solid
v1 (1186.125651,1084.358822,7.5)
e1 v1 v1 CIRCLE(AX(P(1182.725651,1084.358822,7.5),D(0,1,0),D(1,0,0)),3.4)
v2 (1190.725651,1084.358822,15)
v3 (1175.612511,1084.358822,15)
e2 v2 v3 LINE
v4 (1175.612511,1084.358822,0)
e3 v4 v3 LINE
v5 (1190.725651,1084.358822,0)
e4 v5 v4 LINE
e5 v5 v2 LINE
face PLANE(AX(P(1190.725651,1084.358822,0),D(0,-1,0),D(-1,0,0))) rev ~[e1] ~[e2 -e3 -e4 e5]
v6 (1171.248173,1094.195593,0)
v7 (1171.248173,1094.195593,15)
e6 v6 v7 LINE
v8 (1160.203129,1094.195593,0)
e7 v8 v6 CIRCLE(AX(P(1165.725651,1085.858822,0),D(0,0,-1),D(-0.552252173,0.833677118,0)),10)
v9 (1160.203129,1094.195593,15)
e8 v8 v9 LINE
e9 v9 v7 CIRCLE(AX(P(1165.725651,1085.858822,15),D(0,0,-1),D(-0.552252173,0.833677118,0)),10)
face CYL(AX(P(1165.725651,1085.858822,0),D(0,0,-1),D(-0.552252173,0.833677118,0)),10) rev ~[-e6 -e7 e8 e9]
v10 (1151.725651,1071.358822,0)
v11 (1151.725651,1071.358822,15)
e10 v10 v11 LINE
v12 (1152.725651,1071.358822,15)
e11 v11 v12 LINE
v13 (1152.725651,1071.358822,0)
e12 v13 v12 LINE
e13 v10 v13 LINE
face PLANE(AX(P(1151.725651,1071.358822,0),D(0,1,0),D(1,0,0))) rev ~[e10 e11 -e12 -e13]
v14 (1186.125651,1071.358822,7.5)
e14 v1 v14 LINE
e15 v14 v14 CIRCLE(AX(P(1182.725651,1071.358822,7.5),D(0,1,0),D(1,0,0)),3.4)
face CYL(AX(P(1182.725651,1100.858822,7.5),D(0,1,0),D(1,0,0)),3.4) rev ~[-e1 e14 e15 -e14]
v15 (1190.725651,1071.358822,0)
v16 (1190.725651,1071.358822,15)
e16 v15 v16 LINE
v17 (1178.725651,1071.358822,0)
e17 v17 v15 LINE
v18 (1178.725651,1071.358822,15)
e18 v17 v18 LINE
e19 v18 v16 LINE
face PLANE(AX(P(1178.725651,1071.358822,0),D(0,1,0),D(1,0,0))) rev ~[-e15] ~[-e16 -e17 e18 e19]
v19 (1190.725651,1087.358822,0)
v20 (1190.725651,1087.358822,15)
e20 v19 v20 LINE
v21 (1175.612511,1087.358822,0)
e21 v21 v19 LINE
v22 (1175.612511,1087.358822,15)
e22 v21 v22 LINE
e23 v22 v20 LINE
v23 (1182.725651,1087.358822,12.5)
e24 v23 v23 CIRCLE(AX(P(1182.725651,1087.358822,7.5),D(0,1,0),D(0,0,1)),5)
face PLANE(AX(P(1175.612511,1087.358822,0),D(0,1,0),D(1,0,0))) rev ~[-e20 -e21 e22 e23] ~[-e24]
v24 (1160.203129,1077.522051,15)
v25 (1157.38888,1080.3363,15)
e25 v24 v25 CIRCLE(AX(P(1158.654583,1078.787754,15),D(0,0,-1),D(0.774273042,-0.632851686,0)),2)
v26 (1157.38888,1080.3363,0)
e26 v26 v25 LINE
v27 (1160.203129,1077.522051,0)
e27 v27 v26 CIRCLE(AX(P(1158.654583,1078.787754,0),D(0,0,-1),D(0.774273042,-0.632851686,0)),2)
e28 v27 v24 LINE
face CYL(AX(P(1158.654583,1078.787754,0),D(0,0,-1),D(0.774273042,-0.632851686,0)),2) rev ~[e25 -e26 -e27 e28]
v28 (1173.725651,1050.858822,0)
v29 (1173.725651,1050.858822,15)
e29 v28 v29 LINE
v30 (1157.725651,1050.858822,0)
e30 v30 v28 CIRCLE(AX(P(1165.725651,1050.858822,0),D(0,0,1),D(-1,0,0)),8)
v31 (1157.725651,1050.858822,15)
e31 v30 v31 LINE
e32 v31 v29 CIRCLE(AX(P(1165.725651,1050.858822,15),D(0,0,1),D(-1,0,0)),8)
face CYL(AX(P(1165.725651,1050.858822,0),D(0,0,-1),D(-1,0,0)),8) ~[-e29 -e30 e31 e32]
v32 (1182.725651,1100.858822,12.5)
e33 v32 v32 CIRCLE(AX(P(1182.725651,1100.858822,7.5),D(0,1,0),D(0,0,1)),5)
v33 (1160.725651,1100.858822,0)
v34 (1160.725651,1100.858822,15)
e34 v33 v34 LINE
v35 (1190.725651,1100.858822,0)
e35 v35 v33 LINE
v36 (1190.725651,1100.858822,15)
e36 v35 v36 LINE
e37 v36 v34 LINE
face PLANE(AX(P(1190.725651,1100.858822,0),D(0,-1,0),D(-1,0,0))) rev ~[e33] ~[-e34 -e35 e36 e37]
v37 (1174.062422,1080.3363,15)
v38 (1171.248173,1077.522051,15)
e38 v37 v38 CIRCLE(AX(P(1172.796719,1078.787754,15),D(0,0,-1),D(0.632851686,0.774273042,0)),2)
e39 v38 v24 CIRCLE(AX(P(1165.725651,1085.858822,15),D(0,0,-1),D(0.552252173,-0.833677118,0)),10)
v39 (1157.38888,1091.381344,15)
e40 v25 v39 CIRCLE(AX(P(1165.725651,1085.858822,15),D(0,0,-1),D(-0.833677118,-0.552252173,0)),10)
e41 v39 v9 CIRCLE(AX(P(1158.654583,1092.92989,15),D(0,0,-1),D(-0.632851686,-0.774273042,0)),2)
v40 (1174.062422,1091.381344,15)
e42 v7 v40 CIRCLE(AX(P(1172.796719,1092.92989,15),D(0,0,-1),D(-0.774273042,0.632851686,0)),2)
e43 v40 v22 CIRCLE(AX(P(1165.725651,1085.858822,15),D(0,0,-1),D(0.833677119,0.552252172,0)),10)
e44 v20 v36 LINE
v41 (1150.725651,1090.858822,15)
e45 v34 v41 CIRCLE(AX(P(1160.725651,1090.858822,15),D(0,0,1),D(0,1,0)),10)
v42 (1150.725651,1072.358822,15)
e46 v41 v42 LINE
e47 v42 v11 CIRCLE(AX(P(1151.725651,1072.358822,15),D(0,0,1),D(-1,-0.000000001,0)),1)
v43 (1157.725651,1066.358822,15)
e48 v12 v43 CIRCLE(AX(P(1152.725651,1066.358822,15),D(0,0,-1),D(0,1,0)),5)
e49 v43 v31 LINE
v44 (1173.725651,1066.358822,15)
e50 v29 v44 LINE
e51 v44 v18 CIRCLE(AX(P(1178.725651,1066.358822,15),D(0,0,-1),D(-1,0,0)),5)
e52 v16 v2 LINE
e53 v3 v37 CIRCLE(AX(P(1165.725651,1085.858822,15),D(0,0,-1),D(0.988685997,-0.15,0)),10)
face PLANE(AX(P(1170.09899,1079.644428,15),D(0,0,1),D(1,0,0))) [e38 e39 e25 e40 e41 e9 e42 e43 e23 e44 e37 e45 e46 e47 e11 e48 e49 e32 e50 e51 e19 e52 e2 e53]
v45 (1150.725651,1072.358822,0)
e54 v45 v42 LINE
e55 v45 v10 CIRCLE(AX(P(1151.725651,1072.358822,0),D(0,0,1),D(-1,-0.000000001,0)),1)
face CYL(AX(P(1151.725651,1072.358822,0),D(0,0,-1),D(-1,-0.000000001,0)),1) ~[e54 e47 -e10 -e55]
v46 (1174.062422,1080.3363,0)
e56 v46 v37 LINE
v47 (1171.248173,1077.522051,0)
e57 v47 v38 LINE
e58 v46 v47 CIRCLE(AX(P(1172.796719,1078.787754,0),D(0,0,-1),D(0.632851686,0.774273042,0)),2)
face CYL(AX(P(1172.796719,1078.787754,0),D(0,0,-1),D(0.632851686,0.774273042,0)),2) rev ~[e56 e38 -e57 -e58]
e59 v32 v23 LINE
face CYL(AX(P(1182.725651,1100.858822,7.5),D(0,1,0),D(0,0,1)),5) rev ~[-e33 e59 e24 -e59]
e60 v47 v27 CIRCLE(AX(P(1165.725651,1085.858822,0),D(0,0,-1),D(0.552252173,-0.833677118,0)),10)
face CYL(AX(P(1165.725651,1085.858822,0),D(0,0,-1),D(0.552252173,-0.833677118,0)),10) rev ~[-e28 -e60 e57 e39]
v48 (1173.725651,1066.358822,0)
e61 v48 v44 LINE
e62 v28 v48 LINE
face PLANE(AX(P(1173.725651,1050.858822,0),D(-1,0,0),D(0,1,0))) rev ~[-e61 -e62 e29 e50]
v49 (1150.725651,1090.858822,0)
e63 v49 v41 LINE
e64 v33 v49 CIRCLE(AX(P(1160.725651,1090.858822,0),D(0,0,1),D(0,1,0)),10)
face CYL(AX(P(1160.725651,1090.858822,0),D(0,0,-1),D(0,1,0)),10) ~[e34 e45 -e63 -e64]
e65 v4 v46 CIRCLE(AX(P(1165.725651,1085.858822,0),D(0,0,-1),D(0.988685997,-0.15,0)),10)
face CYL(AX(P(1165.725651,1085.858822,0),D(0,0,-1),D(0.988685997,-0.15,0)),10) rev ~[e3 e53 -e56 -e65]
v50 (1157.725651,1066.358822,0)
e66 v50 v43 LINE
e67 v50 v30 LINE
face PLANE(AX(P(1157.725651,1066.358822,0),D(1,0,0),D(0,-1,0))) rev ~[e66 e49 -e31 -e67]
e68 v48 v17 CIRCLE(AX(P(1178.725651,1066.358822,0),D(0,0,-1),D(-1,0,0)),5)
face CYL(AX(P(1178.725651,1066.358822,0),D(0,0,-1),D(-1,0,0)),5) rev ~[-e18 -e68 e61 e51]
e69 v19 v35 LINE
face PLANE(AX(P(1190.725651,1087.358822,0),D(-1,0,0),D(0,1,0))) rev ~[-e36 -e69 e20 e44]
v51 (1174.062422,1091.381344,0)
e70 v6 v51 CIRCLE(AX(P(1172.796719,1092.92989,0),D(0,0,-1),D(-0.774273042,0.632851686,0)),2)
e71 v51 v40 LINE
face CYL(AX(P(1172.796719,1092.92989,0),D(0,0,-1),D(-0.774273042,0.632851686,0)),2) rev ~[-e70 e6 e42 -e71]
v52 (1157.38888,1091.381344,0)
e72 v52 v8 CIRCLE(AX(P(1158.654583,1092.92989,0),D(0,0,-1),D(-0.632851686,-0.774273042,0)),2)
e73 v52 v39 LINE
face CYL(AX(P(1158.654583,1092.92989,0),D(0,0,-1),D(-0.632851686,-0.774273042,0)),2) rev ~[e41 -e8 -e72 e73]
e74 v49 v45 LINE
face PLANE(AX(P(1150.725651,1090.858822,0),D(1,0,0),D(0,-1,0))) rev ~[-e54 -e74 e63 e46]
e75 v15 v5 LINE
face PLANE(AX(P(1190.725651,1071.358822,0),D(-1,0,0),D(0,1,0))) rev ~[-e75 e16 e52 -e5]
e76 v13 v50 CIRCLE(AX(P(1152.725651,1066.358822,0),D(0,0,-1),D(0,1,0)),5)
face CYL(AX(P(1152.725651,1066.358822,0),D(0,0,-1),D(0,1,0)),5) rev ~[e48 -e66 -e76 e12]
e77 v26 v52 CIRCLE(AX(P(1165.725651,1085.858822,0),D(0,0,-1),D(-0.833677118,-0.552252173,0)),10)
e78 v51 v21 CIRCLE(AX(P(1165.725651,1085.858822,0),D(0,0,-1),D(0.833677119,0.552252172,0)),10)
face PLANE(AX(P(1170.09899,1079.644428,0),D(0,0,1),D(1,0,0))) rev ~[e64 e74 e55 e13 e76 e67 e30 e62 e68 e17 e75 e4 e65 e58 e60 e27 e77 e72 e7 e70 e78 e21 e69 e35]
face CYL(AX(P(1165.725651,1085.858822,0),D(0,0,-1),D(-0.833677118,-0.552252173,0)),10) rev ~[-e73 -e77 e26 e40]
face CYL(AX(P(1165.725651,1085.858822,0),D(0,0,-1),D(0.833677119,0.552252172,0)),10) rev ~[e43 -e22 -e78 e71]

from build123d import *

# Parameters (mm, degrees)
EXTRUDE_1_DEPTH     = 15
SKETCH_2_R          = 3.4
CUT_EXTRUDE_2_DEPTH = 1193.231762859
SKETCH_3_R          = 5
CUT_EXTRUDE_3_DEPTH = 14


with BuildPart() as part:
    # 草图1 → 拉伸1 (new body)
    with BuildSketch(Plane.XY):
        with BuildLine():
            Line((1175.612511144, 1087.358821907), (1190.725651177, 1087.358821907))
            Line((1190.725651177, 1087.358821907), (1190.725651177, 1100.858821907))
            Line((1190.725651177, 1100.858821907), (1160.725651177, 1100.858821907))
            ThreePointArc((1160.725651177, 1100.858821907), (1153.654583365, 1097.929889719), (1150.725651177, 1090.858821907))
            Line((1150.725651177, 1090.858821907), (1150.725651177, 1072.358821907))
            ThreePointArc((1150.725651177, 1072.358821907), (1151.018544396, 1071.651715126), (1151.725651177, 1071.358821907))
            Line((1151.725651177, 1071.358821907), (1152.725651177, 1071.358821907))
            ThreePointArc((1152.725651177, 1071.358821907), (1156.261185083, 1069.894355813), (1157.725651177, 1066.358821907))
            Line((1157.725651177, 1066.358821907), (1157.725651177, 1050.858821907))
            ThreePointArc((1157.725651177, 1050.858821907), (1165.725651177, 1042.858821907), (1173.725651177, 1050.858821907))
            Line((1173.725651177, 1050.858821907), (1173.725651177, 1066.358821907))
            ThreePointArc((1173.725651177, 1066.358821907), (1175.190117271, 1069.894355813), (1178.725651177, 1071.358821907))
            Line((1178.725651177, 1071.358821907), (1190.725651177, 1071.358821907))
            Line((1190.725651177, 1071.358821907), (1190.725651177, 1084.358821907))
            Line((1190.725651177, 1084.358821907), (1175.612511144, 1084.358821907))
            ThreePointArc((1175.612511144, 1084.358821907), (1175.056800803, 1082.26304012), (1174.062422361, 1080.336300179))
            ThreePointArc((1174.062422361, 1080.336300179), (1174.210932551, 1077.373540533), (1171.248172905, 1077.522050723))
            ThreePointArc((1171.248172905, 1077.522050723), (1165.725651177, 1075.858821907), (1160.203129449, 1077.522050723))
            ThreePointArc((1160.203129449, 1077.522050723), (1157.240369803, 1077.373540533), (1157.388879993, 1080.336300179))
            ThreePointArc((1157.388879993, 1080.336300179), (1155.725651177, 1085.858821907), (1157.388879993, 1091.381343635))
            ThreePointArc((1157.388879993, 1091.381343635), (1157.240369803, 1094.344103281), (1160.203129449, 1094.195593091))
            ThreePointArc((1160.203129449, 1094.195593091), (1165.725651177, 1095.858821907), (1171.248172905, 1094.195593091))
            ThreePointArc((1171.248172905, 1094.195593091), (1174.210932551, 1094.344103281), (1174.062422361, 1091.381343635))
            ThreePointArc((1174.062422361, 1091.381343635), (1175.056800803, 1089.454603694), (1175.612511144, 1087.358821907))
        make_face()
    extrude(amount=EXTRUDE_1_DEPTH)

    # 草图2 → 拉伸2 (cut, through all)
    with BuildSketch(Plane(origin=(0, 1100.858821907, 0), x_dir=(1, 0, 0), z_dir=(0, 1, 0))):
        with Locations((1182.725651177, -7.5)):
            Circle(SKETCH_2_R)
    extrude(amount=-CUT_EXTRUDE_2_DEPTH, mode=Mode.SUBTRACT)

    # 草图3 → 拉伸3 (cut)
    with BuildSketch(Plane(origin=(0, 1100.858821907, 0), x_dir=(1, 0, 0), z_dir=(0, 1, 0))):
        with Locations(Location((1182.725651177, -7.5, 0), (0, 0, 270))):
            Circle(SKETCH_3_R)
    extrude(amount=-CUT_EXTRUDE_3_DEPTH, mode=Mode.SUBTRACT)


solid = part.part
